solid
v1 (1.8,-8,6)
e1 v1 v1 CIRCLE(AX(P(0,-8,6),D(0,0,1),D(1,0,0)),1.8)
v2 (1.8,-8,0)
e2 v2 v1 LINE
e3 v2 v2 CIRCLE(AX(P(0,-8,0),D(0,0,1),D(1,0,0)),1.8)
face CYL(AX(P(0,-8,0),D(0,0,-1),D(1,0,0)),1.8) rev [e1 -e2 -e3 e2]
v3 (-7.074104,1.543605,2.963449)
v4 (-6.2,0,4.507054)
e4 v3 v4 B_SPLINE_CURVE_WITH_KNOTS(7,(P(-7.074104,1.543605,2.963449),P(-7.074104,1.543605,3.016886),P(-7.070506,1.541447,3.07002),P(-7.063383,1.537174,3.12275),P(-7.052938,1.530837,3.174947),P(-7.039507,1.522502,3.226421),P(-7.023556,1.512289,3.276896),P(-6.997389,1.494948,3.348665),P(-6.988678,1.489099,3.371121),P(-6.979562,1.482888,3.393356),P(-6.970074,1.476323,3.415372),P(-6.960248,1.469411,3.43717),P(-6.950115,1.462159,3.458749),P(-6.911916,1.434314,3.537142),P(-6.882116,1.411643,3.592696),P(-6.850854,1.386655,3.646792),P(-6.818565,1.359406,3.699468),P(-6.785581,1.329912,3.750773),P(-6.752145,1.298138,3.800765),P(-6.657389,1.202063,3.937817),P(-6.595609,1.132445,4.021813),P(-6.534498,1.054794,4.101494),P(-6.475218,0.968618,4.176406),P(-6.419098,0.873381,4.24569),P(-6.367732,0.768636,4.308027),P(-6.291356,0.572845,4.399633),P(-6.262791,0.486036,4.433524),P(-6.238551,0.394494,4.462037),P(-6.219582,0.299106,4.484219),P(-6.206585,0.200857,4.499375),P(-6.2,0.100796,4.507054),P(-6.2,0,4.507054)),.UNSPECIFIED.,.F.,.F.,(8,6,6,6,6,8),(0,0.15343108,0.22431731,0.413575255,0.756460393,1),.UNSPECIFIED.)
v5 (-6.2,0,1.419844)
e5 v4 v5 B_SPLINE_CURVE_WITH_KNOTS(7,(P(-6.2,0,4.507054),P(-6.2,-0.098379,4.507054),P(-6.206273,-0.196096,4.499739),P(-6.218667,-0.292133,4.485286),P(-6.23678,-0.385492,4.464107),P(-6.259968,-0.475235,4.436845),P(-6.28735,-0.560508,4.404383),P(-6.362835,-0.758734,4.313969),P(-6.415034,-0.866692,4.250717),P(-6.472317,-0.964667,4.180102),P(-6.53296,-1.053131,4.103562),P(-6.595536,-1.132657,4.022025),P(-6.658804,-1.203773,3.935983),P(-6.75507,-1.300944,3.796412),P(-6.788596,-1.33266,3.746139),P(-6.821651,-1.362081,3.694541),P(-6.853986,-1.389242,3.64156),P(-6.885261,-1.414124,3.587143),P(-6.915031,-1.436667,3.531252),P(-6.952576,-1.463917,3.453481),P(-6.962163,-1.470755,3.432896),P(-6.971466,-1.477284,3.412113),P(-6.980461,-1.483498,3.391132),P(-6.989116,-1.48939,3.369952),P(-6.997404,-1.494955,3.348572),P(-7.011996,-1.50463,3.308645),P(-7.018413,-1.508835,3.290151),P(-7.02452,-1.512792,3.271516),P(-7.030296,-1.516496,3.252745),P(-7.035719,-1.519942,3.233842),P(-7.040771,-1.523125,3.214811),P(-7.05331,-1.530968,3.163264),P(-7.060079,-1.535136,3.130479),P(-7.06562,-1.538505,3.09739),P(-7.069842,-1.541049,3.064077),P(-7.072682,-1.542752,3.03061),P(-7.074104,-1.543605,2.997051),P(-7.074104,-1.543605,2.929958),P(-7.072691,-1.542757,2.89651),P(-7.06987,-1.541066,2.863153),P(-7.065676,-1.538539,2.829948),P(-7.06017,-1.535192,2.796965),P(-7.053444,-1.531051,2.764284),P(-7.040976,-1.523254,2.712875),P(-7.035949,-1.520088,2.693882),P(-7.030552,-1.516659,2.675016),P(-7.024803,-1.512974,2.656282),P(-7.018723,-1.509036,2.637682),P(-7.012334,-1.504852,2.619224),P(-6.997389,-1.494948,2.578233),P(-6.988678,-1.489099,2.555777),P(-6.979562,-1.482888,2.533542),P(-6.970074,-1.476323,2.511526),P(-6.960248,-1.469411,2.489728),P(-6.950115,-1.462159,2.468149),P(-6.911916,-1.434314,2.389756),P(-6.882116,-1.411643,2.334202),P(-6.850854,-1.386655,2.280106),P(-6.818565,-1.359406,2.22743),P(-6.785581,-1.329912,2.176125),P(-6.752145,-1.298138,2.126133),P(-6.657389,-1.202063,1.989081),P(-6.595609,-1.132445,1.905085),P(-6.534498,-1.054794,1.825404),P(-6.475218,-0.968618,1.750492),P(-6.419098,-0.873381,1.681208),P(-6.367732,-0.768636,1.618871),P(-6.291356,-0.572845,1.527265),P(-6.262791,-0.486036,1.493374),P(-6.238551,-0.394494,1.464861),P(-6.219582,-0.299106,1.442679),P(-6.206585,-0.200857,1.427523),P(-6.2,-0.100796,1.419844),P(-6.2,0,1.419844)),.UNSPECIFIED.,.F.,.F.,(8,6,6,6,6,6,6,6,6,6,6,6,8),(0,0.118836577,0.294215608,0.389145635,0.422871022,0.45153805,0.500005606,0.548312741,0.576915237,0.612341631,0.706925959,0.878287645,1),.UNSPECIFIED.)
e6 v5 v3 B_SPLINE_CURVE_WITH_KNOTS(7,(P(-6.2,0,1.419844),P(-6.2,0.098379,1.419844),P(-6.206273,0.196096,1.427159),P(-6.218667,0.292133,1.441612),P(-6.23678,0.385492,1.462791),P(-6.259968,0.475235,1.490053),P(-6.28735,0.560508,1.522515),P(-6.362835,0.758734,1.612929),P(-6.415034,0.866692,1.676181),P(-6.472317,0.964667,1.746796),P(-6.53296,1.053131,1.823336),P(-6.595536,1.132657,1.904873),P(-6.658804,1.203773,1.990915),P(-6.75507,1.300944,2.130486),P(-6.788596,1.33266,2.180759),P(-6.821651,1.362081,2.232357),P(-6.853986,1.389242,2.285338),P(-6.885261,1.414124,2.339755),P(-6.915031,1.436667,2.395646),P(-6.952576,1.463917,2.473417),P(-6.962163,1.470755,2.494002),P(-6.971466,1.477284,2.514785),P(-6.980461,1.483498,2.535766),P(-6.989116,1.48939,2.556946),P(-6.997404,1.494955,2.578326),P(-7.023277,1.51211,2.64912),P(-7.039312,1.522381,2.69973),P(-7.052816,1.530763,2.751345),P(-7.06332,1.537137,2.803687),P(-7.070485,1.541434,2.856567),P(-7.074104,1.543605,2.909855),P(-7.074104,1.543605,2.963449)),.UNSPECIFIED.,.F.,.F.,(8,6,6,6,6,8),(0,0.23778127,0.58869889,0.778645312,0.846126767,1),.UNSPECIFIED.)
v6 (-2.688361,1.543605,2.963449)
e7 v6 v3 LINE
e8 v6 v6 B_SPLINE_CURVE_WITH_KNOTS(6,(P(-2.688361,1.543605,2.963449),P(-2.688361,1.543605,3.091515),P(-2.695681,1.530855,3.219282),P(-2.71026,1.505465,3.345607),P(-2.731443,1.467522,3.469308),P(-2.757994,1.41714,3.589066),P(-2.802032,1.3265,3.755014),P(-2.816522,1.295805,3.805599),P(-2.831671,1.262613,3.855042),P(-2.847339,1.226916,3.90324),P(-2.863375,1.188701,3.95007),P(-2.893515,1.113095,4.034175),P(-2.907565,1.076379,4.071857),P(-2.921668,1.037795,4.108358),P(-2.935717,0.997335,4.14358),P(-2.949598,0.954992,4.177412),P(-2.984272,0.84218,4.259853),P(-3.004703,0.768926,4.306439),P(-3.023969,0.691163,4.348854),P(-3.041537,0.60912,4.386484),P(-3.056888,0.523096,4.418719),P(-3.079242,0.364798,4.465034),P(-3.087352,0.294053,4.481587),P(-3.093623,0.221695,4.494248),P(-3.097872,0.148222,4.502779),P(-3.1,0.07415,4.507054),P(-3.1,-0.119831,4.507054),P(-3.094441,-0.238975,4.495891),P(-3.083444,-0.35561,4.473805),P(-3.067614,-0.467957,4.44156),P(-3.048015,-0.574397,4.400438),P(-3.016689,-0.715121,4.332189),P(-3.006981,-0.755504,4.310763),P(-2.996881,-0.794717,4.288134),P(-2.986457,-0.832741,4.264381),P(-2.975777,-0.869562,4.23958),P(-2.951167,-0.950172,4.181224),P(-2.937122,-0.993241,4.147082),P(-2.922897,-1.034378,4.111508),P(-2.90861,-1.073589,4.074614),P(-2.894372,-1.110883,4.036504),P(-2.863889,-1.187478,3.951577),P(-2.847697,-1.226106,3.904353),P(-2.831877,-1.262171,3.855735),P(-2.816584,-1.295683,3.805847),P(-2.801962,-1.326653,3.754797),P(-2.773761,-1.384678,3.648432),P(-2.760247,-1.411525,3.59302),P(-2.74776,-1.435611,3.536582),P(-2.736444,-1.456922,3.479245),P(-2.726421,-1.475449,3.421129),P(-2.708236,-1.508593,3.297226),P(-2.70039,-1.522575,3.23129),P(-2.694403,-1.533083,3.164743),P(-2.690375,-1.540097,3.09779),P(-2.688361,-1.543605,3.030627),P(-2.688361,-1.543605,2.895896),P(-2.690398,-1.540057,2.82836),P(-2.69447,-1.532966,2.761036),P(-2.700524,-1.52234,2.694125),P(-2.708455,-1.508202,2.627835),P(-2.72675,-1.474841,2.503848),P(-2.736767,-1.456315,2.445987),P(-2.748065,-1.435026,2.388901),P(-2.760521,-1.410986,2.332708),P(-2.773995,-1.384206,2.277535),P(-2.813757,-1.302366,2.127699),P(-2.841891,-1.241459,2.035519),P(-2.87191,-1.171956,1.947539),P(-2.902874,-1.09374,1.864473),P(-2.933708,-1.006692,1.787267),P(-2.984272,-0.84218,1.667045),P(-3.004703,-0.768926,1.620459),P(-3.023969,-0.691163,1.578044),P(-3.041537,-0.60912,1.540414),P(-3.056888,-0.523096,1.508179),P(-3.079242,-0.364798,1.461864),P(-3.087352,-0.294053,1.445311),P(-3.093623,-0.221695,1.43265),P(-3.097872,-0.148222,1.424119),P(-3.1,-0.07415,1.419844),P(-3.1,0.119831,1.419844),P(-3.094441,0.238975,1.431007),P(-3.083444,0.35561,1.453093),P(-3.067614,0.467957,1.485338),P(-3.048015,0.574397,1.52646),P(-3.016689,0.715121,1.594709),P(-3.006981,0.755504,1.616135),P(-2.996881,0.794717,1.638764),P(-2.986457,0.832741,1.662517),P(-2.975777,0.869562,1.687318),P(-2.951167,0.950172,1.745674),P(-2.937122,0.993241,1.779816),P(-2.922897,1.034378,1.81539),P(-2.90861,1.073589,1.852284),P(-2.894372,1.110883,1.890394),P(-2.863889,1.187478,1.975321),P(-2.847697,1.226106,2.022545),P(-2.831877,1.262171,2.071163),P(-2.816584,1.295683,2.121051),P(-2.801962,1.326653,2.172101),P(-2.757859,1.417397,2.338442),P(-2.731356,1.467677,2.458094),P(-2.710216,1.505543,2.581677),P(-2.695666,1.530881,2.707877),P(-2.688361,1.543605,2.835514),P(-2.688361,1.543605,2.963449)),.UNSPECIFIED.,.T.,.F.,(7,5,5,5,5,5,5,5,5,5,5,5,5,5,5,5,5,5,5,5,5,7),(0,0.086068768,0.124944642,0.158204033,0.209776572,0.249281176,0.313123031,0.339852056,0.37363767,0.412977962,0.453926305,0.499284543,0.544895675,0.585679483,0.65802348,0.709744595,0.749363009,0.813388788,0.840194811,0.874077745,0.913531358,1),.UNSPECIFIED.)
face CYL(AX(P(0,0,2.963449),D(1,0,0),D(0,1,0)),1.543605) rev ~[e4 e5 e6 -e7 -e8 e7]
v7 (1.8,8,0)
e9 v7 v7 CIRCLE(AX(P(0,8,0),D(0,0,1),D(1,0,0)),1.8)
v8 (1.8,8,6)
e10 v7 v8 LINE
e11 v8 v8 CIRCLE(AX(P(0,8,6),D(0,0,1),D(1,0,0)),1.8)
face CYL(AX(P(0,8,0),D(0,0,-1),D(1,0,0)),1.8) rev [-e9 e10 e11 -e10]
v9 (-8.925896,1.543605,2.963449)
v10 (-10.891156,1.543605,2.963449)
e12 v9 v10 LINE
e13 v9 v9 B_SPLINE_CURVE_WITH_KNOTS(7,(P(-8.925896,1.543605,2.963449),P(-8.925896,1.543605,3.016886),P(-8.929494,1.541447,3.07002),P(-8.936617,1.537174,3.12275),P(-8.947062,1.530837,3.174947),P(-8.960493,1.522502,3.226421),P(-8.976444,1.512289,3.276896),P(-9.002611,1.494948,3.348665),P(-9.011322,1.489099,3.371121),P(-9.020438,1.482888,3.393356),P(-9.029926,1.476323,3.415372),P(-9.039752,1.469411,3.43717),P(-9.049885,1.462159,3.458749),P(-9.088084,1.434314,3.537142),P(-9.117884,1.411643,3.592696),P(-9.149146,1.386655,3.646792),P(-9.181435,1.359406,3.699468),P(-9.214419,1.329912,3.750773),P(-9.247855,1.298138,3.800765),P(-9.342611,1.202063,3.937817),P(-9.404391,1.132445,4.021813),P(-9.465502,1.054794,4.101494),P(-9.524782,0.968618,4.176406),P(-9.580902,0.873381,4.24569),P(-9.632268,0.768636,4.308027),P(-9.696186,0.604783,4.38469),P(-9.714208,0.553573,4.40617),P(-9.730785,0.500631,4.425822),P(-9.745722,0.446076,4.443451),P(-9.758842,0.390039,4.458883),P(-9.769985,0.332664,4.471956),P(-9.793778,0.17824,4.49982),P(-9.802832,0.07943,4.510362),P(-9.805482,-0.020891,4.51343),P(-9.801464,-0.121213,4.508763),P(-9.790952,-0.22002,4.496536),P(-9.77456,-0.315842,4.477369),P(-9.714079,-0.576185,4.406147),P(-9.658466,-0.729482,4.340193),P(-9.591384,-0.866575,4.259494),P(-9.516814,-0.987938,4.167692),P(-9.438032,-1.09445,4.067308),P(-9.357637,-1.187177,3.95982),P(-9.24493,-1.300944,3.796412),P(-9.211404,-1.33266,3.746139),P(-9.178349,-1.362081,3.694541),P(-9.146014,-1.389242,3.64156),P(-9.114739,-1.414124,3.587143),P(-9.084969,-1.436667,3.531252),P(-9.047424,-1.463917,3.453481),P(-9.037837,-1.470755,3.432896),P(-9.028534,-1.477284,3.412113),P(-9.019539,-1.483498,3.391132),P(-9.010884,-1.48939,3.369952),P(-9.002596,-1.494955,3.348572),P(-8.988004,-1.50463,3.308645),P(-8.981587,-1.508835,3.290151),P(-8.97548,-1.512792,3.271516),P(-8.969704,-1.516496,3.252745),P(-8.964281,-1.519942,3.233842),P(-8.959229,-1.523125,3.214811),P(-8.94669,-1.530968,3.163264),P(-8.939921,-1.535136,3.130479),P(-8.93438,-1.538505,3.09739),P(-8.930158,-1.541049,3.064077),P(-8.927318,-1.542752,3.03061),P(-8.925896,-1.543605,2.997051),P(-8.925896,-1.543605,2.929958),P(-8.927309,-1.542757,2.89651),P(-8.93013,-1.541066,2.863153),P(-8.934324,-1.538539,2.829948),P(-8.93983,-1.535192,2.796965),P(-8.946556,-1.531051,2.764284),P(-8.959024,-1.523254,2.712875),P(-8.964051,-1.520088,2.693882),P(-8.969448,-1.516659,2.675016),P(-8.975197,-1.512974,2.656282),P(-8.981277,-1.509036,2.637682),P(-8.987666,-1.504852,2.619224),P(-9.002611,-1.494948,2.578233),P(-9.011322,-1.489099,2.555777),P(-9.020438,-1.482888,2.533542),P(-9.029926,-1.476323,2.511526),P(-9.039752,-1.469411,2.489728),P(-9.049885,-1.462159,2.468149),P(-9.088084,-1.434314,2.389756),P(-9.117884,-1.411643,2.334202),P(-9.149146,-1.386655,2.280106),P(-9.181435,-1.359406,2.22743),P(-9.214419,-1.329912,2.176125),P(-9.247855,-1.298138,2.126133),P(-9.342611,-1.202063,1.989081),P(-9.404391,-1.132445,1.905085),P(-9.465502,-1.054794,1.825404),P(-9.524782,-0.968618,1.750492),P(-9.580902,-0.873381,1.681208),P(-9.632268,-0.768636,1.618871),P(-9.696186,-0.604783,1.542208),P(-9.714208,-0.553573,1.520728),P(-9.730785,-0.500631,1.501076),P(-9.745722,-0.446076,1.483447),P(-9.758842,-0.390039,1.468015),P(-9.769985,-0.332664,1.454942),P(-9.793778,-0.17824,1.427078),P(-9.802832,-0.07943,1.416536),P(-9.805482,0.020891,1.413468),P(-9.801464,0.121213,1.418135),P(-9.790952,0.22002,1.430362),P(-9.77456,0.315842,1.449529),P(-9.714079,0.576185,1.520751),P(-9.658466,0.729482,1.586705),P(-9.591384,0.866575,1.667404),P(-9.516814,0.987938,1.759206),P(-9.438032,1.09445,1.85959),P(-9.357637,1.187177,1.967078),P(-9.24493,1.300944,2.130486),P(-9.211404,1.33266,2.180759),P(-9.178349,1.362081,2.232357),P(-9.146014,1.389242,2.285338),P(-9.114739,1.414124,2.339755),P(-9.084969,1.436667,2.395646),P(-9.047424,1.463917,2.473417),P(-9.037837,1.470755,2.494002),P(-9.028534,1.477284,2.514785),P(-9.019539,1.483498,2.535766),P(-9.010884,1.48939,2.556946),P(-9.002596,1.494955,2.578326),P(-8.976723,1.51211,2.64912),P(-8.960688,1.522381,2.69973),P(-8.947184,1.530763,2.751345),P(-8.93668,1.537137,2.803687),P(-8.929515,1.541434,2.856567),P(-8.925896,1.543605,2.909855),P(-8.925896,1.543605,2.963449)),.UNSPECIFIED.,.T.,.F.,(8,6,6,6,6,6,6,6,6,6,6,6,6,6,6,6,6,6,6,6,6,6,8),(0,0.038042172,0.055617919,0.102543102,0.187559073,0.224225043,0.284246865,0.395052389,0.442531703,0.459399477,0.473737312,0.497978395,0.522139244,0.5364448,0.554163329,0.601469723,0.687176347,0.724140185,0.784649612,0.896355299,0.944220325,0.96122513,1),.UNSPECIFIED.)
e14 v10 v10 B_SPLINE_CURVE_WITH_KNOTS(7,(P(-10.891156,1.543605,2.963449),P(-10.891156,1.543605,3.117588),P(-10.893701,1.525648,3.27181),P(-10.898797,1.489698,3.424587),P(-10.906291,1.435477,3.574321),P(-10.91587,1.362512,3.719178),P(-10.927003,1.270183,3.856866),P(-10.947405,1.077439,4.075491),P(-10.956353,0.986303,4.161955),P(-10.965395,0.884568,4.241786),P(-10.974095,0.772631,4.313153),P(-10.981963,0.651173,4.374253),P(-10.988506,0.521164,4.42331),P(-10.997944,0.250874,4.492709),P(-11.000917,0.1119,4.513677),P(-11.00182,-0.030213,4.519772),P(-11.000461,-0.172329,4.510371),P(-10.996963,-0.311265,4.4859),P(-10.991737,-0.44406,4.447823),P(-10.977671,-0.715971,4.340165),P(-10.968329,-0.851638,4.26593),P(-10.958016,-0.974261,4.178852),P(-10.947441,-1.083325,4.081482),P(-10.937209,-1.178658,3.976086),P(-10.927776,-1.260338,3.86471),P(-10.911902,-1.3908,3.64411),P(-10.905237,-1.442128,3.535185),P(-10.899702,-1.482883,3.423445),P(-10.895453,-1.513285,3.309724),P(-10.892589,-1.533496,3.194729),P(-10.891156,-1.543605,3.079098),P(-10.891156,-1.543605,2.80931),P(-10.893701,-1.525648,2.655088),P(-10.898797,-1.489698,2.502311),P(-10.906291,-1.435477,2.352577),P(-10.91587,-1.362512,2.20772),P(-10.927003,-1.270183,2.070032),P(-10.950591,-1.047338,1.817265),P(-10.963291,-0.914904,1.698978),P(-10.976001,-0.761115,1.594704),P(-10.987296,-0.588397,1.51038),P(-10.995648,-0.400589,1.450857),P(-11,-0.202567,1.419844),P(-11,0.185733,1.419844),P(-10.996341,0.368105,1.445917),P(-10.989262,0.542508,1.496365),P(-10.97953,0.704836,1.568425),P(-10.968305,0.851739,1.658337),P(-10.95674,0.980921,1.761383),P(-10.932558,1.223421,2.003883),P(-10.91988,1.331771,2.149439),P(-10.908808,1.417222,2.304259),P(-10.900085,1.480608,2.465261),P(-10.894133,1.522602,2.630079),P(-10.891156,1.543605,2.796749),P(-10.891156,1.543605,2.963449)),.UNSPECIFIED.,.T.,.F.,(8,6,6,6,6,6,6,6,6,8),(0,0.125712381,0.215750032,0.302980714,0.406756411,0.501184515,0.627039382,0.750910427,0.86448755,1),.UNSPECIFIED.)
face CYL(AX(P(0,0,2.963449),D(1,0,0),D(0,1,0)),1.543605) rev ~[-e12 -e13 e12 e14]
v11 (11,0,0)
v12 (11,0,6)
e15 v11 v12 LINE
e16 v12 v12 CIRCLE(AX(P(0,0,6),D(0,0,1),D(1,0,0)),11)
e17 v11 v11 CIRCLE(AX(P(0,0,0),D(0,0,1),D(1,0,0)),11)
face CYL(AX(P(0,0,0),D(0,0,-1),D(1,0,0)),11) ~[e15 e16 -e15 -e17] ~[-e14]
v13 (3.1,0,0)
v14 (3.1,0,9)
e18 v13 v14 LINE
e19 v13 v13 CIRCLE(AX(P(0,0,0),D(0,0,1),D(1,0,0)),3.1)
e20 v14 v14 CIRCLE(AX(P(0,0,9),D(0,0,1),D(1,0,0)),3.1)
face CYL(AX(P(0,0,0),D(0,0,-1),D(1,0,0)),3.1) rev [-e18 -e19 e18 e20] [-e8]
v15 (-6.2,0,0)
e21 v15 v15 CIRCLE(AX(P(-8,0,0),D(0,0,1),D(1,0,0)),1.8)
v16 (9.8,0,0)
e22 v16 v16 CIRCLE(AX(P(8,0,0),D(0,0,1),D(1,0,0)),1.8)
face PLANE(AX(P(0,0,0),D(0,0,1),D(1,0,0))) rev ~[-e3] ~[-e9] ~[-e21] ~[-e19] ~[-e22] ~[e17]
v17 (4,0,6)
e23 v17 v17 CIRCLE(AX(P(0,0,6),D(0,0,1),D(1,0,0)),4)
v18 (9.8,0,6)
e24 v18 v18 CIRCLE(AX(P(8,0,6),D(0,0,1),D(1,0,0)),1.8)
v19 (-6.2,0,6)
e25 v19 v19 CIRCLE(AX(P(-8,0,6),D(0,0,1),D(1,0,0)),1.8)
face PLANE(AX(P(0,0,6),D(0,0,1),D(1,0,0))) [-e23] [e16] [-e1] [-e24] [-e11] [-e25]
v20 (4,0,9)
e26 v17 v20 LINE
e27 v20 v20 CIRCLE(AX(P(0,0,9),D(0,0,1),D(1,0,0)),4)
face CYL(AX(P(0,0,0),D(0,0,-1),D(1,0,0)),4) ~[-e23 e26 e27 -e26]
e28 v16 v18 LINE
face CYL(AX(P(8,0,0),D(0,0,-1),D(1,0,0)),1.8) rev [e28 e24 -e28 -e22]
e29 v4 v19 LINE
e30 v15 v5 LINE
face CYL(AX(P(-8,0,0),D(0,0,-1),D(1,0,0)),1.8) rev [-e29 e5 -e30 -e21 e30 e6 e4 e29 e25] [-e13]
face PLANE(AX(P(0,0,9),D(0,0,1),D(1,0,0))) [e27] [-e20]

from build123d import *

# Parameters (mm, degrees)
F0_R     = 11
F0_R_2   = 1.8
F0_R_3   = 4
F1_DEPTH = 6
F0_R_4   = 3.1
F2_DEPTH = 9
F3_R     = 1.543605
F4_DEPTH = 11.001


with BuildPart() as f1:
    # F0 (on Top) → F1 (new body)
    with BuildSketch(Plane.XY):
        Circle(F0_R)
        with Locations((0, -8)):
            Circle(F0_R_2, mode=Mode.SUBTRACT)
        with Locations((-8, 0)):
            Circle(F0_R_2, mode=Mode.SUBTRACT)
        Circle(F0_R_3, mode=Mode.SUBTRACT)
        with Locations((8, 0)):
            Circle(F0_R_2, mode=Mode.SUBTRACT)
        with Locations((0, 8)):
            Circle(F0_R_2, mode=Mode.SUBTRACT)
    extrude(amount=F1_DEPTH)

    # F0 (on Top) → F2 (join)
    with BuildSketch(Plane.XY):
        Circle(F0_R_3)
        Circle(F0_R_4, mode=Mode.SUBTRACT)
    extrude(amount=F2_DEPTH)

    # F3 (on Right) → F4 (cut, through all)
    with BuildSketch(Plane.YZ):
        with Locations((0, 2.963449)):
            Circle(F3_R)
    extrude(amount=-F4_DEPTH, mode=Mode.SUBTRACT)


solid = f1.part
